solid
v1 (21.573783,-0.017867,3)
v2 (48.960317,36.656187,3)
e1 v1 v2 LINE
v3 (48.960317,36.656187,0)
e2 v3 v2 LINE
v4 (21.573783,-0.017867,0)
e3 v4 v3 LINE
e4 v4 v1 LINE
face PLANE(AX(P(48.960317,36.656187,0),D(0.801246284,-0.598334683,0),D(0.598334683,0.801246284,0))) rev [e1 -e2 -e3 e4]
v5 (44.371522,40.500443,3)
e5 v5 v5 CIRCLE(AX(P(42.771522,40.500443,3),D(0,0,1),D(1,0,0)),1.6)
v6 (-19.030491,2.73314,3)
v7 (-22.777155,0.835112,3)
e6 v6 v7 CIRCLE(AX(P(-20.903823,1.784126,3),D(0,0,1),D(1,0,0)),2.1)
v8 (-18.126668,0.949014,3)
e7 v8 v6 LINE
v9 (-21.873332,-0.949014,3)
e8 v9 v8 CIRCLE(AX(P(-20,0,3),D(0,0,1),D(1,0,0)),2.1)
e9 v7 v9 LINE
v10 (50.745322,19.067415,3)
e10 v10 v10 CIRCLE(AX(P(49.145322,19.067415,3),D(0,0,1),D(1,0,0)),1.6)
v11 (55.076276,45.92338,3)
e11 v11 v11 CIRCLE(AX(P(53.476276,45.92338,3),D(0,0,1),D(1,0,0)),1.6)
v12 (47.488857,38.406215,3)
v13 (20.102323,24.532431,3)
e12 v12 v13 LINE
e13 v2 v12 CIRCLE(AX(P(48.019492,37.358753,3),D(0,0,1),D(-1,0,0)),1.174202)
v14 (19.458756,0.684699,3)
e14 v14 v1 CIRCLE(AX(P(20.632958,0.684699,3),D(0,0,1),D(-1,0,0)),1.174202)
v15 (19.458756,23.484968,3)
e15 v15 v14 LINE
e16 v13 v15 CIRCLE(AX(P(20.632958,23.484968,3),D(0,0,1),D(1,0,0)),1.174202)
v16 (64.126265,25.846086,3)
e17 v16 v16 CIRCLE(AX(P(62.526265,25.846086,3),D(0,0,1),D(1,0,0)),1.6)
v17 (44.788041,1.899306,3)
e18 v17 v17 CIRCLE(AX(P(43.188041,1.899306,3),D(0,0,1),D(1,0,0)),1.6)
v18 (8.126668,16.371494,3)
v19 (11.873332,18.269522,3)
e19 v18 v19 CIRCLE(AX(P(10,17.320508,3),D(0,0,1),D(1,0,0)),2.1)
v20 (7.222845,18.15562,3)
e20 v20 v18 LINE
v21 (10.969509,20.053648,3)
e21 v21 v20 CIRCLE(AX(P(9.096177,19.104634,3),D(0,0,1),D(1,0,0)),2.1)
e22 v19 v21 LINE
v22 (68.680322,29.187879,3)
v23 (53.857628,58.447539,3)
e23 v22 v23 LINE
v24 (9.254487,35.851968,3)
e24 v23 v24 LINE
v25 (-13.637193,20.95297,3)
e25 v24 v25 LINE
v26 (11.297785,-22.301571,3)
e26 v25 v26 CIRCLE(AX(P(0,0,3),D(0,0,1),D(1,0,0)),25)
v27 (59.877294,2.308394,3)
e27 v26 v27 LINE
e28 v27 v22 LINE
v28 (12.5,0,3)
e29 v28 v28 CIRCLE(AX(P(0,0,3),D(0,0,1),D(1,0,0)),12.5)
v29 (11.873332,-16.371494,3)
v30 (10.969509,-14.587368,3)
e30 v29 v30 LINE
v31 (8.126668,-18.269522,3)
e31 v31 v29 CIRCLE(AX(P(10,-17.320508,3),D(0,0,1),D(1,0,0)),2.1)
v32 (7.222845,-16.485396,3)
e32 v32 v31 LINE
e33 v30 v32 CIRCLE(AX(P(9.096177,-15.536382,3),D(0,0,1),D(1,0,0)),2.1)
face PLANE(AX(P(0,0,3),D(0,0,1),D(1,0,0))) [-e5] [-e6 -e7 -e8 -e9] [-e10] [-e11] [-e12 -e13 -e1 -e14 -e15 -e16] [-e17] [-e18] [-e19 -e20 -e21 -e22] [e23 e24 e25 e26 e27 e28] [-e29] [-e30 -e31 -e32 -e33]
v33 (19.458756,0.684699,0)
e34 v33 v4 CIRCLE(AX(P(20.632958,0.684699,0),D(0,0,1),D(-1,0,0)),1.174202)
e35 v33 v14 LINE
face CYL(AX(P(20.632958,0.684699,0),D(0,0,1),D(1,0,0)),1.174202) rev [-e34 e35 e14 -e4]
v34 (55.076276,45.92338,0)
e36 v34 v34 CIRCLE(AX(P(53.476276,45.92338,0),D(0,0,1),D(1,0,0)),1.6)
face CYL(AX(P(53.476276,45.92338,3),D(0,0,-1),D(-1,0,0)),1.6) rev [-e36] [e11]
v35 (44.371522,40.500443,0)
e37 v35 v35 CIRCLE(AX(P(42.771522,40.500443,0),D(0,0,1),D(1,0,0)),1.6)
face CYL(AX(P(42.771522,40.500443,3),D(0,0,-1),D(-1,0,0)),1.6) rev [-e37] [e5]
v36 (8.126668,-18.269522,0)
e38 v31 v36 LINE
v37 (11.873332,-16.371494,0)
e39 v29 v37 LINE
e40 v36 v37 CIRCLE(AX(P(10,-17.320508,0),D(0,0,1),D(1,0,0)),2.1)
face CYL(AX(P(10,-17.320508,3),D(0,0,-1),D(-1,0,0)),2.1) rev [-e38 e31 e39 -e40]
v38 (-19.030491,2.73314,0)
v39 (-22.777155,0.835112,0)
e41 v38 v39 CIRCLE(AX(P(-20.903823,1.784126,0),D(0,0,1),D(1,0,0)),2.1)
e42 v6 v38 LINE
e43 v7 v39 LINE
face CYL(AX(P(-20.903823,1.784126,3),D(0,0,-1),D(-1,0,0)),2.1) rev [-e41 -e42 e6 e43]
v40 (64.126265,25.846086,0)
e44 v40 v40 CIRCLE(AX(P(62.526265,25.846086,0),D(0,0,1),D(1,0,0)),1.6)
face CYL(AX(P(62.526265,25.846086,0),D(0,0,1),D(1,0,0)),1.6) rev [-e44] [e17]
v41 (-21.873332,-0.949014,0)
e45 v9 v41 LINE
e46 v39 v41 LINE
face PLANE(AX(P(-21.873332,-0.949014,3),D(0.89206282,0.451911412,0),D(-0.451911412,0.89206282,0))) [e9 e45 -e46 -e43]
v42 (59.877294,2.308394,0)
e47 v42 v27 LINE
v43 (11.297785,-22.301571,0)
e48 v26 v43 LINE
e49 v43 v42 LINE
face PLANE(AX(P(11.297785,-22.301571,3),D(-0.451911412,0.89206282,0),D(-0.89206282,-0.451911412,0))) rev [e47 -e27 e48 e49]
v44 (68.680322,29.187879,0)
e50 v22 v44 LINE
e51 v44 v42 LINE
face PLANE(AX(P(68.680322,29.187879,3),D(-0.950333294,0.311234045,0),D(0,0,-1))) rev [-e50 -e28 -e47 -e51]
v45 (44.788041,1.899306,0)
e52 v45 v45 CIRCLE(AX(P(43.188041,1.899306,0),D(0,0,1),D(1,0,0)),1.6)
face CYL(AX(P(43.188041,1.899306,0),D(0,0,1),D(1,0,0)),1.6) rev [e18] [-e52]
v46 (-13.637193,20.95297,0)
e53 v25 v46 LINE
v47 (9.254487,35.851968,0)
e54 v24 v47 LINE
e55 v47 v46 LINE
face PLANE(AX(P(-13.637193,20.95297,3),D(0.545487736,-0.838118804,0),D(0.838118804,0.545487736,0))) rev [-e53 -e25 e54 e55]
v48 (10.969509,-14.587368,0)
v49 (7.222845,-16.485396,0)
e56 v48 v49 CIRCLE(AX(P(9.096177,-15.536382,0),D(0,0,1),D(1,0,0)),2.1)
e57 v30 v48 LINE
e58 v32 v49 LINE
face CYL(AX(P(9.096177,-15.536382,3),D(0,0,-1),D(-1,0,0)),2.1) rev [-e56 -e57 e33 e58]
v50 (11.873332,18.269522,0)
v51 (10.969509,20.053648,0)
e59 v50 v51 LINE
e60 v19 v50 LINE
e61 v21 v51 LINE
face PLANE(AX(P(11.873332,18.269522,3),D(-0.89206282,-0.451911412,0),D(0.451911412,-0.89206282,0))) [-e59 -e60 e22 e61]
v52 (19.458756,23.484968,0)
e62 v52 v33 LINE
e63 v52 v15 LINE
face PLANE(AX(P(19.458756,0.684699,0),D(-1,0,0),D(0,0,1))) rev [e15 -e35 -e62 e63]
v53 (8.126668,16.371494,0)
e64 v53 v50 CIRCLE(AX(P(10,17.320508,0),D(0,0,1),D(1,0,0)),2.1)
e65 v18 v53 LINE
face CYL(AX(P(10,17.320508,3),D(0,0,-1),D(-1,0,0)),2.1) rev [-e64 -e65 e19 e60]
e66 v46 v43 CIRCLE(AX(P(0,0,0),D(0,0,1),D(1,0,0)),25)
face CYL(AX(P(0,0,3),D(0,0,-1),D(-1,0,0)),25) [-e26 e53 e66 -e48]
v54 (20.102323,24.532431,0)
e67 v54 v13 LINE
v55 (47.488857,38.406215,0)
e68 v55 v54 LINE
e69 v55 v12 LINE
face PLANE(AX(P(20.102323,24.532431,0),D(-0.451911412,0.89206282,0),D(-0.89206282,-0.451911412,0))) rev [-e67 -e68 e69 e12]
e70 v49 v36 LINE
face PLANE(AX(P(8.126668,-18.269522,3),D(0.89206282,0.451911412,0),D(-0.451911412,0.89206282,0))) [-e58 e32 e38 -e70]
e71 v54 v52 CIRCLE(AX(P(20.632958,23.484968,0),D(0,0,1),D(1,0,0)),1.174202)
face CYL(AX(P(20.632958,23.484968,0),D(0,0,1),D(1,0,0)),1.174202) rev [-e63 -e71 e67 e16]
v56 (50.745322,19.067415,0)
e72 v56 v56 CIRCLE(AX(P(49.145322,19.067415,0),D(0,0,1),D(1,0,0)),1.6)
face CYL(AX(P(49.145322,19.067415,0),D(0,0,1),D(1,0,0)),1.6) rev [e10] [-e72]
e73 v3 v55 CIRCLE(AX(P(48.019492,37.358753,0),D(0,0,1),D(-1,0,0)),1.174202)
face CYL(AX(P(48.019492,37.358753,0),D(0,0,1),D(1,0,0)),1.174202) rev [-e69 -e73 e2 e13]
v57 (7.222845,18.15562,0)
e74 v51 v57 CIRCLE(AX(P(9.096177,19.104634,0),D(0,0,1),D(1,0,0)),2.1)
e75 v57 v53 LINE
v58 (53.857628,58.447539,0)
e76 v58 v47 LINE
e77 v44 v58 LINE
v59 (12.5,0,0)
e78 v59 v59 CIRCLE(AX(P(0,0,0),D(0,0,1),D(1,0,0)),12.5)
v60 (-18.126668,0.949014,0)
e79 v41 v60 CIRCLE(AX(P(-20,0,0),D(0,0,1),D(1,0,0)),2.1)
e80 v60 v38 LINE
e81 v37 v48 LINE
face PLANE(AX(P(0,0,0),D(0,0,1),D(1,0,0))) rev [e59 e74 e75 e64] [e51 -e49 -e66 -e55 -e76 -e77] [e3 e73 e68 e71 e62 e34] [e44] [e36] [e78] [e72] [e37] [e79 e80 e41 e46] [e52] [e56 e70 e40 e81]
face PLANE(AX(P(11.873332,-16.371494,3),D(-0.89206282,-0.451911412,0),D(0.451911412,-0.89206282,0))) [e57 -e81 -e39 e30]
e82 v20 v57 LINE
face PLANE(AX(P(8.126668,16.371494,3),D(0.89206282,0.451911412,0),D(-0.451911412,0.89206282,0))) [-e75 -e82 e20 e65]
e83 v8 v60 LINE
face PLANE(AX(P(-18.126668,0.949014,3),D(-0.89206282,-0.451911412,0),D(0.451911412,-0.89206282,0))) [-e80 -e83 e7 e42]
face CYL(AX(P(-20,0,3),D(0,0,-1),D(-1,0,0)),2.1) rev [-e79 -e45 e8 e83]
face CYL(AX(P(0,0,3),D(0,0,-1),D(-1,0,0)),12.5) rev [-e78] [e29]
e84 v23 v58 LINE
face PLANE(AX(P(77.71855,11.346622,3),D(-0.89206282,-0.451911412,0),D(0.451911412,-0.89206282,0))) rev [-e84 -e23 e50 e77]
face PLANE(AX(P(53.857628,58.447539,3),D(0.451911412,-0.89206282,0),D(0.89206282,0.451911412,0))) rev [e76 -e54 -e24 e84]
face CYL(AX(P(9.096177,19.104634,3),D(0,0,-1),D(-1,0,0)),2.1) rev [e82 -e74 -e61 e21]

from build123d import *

# Parameters (mm, degrees)
SKETCH1_R          = 12.5
SKETCH1_R_2        = 1.6
EXTRUDE1_DEPTH     = 3
CHAMFER1_SIZE      = 20
SKETCH2_R          = 1.6
CUT_EXTRUDE1_DEPTH = 3
CUT_EXTRUDE3_DEPTH = 3


with BuildPart() as part:
    # Sketch1 → Extrude1 (new body)
    with BuildSketch(Plane.XY):
        with BuildLine():
            Line((77.718550226, 11.3466222), (53.857627652, 58.447539112))
            Line((53.857627652, 58.447539112), (9.254486637, 35.851968493))
            Line((9.254486637, 35.851968493), (-13.637193397, 20.952970106))
            ThreePointArc((-13.637193397, 20.952970106), (-21.658878744, -12.485710694), (11.29778531, -22.301570507))
            Line((11.29778531, -22.301570507), (77.718550226, 11.3466222))
        make_face()
        Circle(SKETCH1_R, mode=Mode.SUBTRACT)
        with Locations((53.476276267, 45.923379615)):
            Circle(SKETCH1_R_2, mode=Mode.SUBTRACT)
        with Locations((42.771522423, 40.500442666)):
            Circle(SKETCH1_R_2, mode=Mode.SUBTRACT)
        with BuildLine():
            Line((8.126668077, 16.37149411), (7.222845253, 18.15561975))
            ThreePointArc((7.222845253, 18.15561975), (8.147163209, 20.977965639), (10.969509098, 20.053647682))
            Line((10.969509098, 20.053647682), (11.873331923, 18.269522042))
            ThreePointArc((11.873331923, 18.269522042), (10.949013966, 15.447176153), (8.126668077, 16.37149411))
        make_face(mode=Mode.SUBTRACT)
        with BuildLine():
            Line((-21.873331923, -0.949013966), (-22.777154747, 0.835111675))
            ThreePointArc((-22.777154747, 0.835111675), (-21.852836791, 3.657457563), (-19.030490902, 2.733139607))
            Line((-19.030490902, 2.733139607), (-18.126668077, 0.949013966))
            ThreePointArc((-18.126668077, 0.949013966), (-19.050986034, -1.873331923), (-21.873331923, -0.949013966))
        make_face(mode=Mode.SUBTRACT)
        with BuildLine():
            Line((8.126668077, -18.269522042), (7.222845253, -16.485396401))
            ThreePointArc((7.222845253, -16.485396401), (8.147163209, -13.663050512), (10.969509098, -14.587368469))
            Line((10.969509098, -14.587368469), (11.873331923, -16.37149411))
            ThreePointArc((11.873331923, -16.37149411), (10.949013966, -19.193839998), (8.126668077, -18.269522042))
        make_face(mode=Mode.SUBTRACT)
    extrude(amount=EXTRUDE1_DEPTH)

    # Chamfer1
    chamfer1_edges = [part.edges().sort_by_distance(p)[0] for p in [
        (77.718550226, 11.3466222, 1.5),
    ]]
    chamfer(chamfer1_edges, length=CHAMFER1_SIZE)

    # Sketch2 → Cut-Extrude1 (cut)
    with BuildSketch(Plane.XY.offset(3)):
        with Locations((62.526264519, 25.846086156)):
            Circle(SKETCH2_R)
        with Locations((49.145322214, 19.06741497)):
            Circle(SKETCH2_R)
        with Locations((43.188041489, 1.899305514)):
            Circle(SKETCH2_R)
    extrude(amount=-CUT_EXTRUDE1_DEPTH, mode=Mode.SUBTRACT)

    # Sketch4 → Cut-Extrude3 (cut)
    with BuildSketch(Plane.XY.offset(3)):
        with BuildLine():
            Line((20.102322982, 24.532430534), (47.488856964, 38.406214947))
            ThreePointArc((47.488856964, 38.406214947), (48.918221015, 38.11442299), (48.960317371, 36.656187058))
            Line((48.960317371, 36.656187058), (21.573783389, -0.017867108))
            ThreePointArc((21.573783389, -0.017867108), (20.262801724, -0.42963276), (19.458756207, 0.684698738))
            Line((19.458756207, 0.684698738), (19.458756207, 23.48496849))
            ThreePointArc((19.458756207, 23.48496849), (19.63250249, 24.099654371), (20.102322982, 24.532430534))
        make_face()
    extrude(amount=-CUT_EXTRUDE3_DEPTH, mode=Mode.SUBTRACT)


solid = part.part
